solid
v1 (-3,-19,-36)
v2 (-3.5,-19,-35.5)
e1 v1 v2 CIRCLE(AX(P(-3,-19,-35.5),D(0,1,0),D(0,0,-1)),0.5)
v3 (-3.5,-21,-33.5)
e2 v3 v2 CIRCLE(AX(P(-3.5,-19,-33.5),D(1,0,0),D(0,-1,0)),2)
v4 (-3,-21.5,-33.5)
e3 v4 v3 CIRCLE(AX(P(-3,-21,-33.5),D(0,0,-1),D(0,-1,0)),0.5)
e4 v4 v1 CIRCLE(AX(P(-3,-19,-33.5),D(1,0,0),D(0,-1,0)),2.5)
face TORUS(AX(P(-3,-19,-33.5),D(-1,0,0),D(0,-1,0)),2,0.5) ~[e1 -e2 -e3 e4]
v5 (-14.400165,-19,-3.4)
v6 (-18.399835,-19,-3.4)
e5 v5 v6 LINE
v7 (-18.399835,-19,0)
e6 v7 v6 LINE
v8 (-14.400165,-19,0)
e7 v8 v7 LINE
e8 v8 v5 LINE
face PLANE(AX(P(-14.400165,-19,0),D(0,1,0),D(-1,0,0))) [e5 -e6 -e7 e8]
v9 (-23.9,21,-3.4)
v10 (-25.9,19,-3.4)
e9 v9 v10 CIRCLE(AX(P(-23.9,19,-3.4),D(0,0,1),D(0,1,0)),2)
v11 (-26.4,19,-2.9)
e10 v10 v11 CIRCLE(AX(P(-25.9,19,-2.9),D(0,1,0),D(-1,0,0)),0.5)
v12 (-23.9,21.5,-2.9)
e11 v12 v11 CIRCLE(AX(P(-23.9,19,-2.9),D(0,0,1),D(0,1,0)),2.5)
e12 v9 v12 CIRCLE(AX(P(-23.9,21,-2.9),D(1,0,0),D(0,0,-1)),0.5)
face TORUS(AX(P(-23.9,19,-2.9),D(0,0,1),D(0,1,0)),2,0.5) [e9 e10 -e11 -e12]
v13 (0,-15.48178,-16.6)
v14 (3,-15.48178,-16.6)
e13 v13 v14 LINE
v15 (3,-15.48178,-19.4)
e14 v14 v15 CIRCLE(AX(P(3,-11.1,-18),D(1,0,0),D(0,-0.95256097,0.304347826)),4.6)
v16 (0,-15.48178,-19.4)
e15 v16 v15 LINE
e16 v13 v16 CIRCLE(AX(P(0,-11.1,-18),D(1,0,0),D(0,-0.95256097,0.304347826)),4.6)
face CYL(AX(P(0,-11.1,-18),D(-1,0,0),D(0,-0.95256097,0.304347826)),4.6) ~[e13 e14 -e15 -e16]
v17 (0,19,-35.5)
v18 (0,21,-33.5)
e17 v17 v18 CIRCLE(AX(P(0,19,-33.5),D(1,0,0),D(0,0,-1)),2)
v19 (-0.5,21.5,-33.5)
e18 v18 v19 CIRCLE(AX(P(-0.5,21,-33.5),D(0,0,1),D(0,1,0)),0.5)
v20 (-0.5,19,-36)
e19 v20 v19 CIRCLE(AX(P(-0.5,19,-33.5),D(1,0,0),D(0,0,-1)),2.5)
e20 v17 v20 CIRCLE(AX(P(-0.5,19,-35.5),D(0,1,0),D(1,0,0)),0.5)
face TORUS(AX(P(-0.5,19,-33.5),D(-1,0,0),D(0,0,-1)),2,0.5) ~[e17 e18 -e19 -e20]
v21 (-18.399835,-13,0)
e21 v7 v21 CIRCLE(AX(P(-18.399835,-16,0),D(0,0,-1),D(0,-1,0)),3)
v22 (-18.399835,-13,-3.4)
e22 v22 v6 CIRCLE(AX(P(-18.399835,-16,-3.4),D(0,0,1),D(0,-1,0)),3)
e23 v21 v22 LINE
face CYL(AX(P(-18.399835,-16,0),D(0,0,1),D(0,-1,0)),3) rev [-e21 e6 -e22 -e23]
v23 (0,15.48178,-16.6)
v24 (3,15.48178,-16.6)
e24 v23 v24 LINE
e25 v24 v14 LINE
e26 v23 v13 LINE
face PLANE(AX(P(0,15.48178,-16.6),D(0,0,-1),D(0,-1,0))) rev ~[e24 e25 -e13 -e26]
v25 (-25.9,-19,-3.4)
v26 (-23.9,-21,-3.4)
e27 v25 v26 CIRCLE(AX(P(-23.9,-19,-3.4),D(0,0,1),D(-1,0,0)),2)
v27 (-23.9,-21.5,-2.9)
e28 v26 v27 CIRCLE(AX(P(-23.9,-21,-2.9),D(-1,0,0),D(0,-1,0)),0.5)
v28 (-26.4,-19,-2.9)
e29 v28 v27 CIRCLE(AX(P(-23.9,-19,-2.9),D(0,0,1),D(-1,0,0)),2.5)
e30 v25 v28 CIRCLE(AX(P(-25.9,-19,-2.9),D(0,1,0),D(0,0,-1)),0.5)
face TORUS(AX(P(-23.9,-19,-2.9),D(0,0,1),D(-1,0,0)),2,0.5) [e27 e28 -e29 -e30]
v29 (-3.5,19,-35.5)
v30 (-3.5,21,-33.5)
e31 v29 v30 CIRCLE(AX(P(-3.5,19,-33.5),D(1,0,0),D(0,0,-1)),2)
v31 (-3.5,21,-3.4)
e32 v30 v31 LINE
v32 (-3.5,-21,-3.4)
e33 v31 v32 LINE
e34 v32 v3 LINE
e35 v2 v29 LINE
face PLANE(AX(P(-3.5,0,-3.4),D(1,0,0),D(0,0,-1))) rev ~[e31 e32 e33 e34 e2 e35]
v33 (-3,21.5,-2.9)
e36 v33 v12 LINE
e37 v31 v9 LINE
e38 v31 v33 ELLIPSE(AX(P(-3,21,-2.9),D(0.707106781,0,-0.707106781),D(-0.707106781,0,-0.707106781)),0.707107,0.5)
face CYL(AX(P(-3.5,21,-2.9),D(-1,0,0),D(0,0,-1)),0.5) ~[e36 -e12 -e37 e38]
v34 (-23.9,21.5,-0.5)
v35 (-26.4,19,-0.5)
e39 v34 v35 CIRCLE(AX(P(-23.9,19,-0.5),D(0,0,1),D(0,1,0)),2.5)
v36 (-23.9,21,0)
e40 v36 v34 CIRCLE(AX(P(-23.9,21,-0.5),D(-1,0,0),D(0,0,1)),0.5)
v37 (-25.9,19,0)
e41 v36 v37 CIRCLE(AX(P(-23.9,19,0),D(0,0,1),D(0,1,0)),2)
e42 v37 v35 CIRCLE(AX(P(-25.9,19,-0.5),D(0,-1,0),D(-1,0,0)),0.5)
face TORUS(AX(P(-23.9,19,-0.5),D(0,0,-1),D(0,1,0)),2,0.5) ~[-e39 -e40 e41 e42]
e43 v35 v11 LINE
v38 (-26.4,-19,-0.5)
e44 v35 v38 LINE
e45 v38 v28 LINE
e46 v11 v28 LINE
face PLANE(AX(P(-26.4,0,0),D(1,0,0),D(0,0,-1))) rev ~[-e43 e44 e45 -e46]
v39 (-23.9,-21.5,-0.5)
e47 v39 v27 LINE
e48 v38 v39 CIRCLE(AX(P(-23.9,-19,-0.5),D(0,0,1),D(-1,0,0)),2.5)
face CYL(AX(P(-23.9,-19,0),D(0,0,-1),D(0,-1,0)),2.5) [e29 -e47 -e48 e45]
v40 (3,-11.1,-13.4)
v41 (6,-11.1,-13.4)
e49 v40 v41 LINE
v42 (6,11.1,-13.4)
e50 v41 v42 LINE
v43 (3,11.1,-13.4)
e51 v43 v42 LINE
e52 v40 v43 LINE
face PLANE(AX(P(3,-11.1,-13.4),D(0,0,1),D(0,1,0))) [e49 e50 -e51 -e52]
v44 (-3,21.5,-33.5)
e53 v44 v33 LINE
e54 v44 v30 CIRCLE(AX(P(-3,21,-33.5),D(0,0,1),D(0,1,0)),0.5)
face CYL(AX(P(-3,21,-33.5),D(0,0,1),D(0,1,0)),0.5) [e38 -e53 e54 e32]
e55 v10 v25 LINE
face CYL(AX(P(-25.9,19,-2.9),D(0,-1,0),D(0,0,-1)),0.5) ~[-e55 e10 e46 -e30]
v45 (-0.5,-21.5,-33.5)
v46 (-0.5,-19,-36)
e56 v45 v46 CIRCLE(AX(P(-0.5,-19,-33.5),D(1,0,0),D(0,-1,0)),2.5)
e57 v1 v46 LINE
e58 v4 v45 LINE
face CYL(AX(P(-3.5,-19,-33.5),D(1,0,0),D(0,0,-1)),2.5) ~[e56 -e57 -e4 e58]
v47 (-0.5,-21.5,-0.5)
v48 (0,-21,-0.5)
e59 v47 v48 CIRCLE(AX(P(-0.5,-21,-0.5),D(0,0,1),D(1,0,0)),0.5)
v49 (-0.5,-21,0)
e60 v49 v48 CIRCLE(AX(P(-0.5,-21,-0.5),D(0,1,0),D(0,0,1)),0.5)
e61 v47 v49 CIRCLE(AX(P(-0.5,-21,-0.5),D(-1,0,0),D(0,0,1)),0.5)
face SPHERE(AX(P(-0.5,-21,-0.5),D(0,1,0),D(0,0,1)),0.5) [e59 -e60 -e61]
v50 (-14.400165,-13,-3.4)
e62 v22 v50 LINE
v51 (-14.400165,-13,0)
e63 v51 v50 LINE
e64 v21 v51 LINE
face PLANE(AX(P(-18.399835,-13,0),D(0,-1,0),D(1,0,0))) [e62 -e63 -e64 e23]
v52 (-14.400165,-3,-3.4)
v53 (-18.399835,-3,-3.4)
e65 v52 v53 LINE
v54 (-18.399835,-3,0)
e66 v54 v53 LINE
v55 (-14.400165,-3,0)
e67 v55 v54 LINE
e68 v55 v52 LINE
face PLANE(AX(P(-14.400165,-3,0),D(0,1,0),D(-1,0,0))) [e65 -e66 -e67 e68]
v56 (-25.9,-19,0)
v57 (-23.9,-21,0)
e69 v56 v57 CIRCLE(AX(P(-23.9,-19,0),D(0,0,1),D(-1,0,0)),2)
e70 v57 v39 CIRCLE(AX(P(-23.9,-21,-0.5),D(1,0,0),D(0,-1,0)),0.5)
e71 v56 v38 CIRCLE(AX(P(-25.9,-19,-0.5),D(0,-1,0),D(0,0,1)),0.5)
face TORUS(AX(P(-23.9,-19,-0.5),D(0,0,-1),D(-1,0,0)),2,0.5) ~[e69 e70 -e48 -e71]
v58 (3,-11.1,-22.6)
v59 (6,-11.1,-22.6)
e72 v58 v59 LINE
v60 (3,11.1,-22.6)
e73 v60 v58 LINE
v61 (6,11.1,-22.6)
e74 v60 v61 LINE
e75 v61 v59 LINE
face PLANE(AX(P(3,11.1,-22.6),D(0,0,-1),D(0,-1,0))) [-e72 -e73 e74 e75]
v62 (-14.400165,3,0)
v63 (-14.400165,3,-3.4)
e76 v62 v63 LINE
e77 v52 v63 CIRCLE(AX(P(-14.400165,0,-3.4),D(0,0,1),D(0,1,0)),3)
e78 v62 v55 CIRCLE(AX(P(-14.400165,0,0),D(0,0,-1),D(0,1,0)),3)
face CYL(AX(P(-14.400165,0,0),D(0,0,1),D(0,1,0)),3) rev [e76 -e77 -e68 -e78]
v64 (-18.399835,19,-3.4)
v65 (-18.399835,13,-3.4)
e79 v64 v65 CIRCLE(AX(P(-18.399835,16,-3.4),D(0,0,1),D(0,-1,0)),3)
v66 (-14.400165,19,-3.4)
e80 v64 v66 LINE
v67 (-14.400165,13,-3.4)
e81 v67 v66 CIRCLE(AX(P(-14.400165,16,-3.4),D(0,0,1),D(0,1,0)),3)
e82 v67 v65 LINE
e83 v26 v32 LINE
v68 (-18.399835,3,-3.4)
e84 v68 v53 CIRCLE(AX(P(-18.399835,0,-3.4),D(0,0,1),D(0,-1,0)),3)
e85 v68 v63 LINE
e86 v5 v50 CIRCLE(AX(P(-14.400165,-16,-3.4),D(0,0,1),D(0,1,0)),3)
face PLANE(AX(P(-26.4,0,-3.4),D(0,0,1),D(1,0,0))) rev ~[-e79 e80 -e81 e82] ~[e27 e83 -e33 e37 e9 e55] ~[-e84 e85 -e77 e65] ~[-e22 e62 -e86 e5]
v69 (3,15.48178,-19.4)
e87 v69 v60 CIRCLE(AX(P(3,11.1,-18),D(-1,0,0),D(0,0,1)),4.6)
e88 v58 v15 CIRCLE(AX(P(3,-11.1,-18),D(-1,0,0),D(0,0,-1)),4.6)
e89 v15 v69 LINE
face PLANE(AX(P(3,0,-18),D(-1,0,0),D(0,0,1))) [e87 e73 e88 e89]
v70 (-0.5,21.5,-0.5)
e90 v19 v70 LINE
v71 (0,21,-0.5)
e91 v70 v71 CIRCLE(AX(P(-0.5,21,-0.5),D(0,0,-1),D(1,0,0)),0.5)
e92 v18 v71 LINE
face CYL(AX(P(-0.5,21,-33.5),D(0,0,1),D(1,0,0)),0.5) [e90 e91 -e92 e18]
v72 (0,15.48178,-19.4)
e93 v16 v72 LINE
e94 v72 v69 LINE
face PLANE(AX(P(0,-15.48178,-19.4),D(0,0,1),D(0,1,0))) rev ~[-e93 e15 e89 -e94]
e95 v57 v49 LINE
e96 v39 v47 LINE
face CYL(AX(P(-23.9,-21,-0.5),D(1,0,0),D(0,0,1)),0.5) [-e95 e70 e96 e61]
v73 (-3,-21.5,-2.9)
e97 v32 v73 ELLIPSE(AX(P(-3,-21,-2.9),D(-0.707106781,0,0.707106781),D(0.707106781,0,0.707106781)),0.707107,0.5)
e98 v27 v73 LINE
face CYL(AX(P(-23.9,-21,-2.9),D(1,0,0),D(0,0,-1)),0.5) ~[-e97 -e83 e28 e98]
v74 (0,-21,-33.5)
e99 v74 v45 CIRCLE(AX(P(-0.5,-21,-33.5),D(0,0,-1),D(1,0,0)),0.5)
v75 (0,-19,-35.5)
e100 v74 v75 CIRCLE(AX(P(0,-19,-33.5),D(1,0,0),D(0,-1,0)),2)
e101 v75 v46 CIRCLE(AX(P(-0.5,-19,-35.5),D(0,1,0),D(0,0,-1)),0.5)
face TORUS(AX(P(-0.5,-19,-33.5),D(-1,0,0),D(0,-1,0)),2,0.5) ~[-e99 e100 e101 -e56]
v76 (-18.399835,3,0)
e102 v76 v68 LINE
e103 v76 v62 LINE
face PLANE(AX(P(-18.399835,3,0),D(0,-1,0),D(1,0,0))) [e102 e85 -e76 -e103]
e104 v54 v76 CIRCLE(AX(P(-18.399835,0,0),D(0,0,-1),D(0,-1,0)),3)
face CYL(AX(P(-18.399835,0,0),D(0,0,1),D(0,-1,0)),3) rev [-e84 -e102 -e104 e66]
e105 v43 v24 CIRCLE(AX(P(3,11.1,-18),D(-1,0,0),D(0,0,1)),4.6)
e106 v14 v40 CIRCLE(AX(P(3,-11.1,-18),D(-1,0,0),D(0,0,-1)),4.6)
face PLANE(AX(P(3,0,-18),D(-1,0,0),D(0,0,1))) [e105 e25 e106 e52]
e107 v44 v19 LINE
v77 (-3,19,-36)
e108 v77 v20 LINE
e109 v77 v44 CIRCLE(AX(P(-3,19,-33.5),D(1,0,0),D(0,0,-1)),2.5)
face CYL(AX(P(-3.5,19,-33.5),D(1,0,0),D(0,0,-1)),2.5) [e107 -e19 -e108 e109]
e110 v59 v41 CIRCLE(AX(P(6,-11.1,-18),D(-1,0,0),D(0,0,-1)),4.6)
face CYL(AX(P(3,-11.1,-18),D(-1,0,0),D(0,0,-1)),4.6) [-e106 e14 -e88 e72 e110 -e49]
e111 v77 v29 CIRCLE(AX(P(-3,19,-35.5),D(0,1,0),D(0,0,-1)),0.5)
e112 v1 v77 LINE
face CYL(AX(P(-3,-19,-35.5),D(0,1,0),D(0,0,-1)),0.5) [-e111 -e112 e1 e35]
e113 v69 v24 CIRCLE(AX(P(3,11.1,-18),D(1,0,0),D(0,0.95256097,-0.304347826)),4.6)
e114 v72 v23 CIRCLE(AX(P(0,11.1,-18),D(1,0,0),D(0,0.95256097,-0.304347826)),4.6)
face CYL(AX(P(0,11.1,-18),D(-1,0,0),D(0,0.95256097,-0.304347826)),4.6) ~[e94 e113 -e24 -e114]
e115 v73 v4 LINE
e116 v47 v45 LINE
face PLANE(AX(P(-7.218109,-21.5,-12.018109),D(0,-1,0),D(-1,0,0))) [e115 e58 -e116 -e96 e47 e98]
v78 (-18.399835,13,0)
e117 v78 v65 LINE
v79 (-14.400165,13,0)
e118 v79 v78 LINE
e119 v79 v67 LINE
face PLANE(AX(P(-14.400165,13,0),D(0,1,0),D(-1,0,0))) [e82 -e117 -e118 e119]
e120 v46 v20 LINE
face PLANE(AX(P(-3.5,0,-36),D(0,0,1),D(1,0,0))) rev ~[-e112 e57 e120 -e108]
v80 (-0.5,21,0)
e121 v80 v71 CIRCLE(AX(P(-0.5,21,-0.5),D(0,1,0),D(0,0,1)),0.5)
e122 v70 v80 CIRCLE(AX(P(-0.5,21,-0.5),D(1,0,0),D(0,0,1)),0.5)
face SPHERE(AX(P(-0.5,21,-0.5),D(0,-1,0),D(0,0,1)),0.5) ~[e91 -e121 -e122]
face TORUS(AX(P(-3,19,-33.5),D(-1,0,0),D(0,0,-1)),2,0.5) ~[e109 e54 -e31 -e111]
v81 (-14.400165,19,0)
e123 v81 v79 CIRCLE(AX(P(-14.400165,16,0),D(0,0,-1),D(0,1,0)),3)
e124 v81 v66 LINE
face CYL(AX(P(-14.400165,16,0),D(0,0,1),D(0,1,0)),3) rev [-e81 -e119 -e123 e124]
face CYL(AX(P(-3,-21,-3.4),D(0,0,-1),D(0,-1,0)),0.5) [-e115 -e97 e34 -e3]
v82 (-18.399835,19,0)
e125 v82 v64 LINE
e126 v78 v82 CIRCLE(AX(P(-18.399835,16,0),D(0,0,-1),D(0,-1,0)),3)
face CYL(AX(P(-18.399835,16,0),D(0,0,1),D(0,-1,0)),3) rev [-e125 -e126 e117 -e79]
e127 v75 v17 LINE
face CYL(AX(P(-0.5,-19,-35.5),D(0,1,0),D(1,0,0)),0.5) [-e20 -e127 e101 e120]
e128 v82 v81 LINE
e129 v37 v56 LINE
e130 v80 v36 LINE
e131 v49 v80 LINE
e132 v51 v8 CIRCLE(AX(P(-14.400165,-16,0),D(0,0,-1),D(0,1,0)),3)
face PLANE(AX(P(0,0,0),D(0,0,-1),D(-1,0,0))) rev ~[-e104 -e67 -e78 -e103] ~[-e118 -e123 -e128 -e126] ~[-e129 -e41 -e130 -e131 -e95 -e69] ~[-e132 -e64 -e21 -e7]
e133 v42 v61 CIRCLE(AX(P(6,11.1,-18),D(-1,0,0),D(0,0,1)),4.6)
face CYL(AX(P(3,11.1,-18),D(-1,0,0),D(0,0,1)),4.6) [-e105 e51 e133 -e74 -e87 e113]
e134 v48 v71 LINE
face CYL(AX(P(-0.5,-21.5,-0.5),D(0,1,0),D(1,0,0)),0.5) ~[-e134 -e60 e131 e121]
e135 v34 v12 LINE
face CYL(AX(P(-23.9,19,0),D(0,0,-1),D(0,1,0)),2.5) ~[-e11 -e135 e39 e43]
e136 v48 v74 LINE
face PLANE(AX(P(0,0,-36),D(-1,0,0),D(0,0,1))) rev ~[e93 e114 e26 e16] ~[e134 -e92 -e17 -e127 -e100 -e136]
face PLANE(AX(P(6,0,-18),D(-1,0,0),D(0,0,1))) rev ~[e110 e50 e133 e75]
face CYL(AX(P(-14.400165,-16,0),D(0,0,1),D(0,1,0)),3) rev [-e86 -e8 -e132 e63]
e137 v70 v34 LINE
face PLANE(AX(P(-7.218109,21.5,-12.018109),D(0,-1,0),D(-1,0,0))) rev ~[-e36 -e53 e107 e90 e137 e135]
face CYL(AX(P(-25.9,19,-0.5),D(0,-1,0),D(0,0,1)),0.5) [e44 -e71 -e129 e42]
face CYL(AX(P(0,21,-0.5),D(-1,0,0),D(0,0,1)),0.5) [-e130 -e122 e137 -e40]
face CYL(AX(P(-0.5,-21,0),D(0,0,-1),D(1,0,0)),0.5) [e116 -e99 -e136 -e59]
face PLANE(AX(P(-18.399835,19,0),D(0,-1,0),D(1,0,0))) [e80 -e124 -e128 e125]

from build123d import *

# Parameters (mm, degrees)
P_IDAT_VYSUNUT_M1_DEPTH  = 21.5
P_IDAT_VYSUNUT_M2_DEPTH  = 3
P_IDAT_VYSUNUT_M3_DEPTH  = 3
ODEBRAT_VYSUNUT_M1_DEPTH = 50.550075681
ZAOBLIT1_R               = 2.5
ZAOBLIT2_R               = 0.5


with BuildPart() as part:
    # Skica2 → Přidat vysunutím1 (new, symmetric)
    with BuildSketch(Plane(origin=(0, 0, 0), x_dir=(1, 0, 0), z_dir=(0, 1, 0))):
        Polygon((0, 0), (-26.4, 0), (-26.4, 3.4), (-3.5, 3.4), (-3.5, 36), (0, 36), align=None)
    extrude(amount=P_IDAT_VYSUNUT_M1_DEPTH, both=True)

    # Skica3 → Přidat vysunutím2 (add)
    with BuildSketch(Plane(origin=(0, 0, 0), x_dir=(0, 0, -1), z_dir=(1, 0, 0))):
        with BuildLine():
            Line((16.6, 15.48178046), (16.6, -15.48178046))
            ThreePointArc((16.6, -15.48178046), (18, -15.7), (19.4, -15.48178046))
            Line((19.4, -15.48178046), (19.4, 15.48178046))
            ThreePointArc((19.4, 15.48178046), (18, 15.7), (16.6, 15.48178046))
        make_face()
    extrude(amount=P_IDAT_VYSUNUT_M2_DEPTH)

    # Skica4 → Přidat vysunutím3 (add)
    with BuildSketch(Plane(origin=(3, 0, 0), x_dir=(0, 0, -1), z_dir=(1, 0, 0))):
        with BuildLine():
            Line((13.4, -11.1), (13.4, 11.1))
            ThreePointArc((13.4, 11.1), (18, 15.7), (22.6, 11.1))
            Line((22.6, 11.1), (22.6, -11.1))
            ThreePointArc((22.6, -11.1), (18, -15.7), (13.4, -11.1))
        make_face()
    extrude(amount=P_IDAT_VYSUNUT_M3_DEPTH)

    # Skica5 → Odebrat vysunutím1 (cut, through all)
    with BuildSketch(Plane.XY):
        with BuildLine():
            Line((-14.400164981, -3), (-18.399835019, -3))
            ThreePointArc((-18.399835019, -3), (-21.399835019, 0), (-18.399835019, 3))
            Line((-18.399835019, 3), (-14.400164981, 3))
            ThreePointArc((-14.400164981, 3), (-11.400164981, 0), (-14.400164981, -3))
        make_face()
        with BuildLine():
            Line((-14.400164981, 13), (-18.399835019, 13))
            ThreePointArc((-18.399835019, 13), (-21.399835019, 16), (-18.399835019, 19))
            Line((-18.399835019, 19), (-14.400164981, 19))
            ThreePointArc((-14.400164981, 19), (-11.400164981, 16), (-14.400164981, 13))
        make_face()
        with BuildLine():
            Line((-14.400164981, -19), (-18.399835019, -19))
            ThreePointArc((-18.399835019, -19), (-21.399835019, -16), (-18.399835019, -13))
            Line((-18.399835019, -13), (-14.400164981, -13))
            ThreePointArc((-14.400164981, -13), (-11.400164981, -16), (-14.400164981, -19))
        make_face()
    extrude(amount=-ODEBRAT_VYSUNUT_M1_DEPTH, mode=Mode.SUBTRACT)

    # Zaoblit1
    zaoblit1_edges = [part.edges().sort_by_distance(p)[0] for p in [
        (-26.4, 21.5, -1.7),
        (-26.4, -21.5, -1.7),
        (-1.75, 21.5, -36),
        (-1.75, -21.5, -36),
    ]]
    fillet(zaoblit1_edges, radius=ZAOBLIT1_R)

    # Zaoblit2
    zaoblit2_edges = [part.edges().sort_by_distance(p)[0] for p in [
        (0, 0, 0),
        (-26.4, 0, 0),
        (-26.4, 0, -3.4),
        (-11.95, -21.5, 0),
        (-11.95, 21.5, 0),
        (-25.667766953, 20.767766953, 0),
        (-25.667766953, -20.767766953, 0),
        (-3.5, -21.5, -18.45),
        (-25.667766953, 20.767766953, -3.4),
        (-25.667766953, -20.767766953, -3.4),
        (-3.5, 21.5, -18.45),
        (-3.5, 0, -36),
        (0, 0, -36),
        (-3.5, 20.767766953, -35.267766953),
        (-3.5, -20.767766953, -35.267766953),
        (0, 20.767766953, -35.267766953),
        (0, -20.767766953, -35.267766953),
        (-13.7, 21.5, -3.4),
        (0, 21.5, -16.75),
        (-13.7, -21.5, -3.4),
        (0, -21.5, -16.75),
    ]]
    fillet(zaoblit2_edges, radius=ZAOBLIT2_R)


solid = part.part
